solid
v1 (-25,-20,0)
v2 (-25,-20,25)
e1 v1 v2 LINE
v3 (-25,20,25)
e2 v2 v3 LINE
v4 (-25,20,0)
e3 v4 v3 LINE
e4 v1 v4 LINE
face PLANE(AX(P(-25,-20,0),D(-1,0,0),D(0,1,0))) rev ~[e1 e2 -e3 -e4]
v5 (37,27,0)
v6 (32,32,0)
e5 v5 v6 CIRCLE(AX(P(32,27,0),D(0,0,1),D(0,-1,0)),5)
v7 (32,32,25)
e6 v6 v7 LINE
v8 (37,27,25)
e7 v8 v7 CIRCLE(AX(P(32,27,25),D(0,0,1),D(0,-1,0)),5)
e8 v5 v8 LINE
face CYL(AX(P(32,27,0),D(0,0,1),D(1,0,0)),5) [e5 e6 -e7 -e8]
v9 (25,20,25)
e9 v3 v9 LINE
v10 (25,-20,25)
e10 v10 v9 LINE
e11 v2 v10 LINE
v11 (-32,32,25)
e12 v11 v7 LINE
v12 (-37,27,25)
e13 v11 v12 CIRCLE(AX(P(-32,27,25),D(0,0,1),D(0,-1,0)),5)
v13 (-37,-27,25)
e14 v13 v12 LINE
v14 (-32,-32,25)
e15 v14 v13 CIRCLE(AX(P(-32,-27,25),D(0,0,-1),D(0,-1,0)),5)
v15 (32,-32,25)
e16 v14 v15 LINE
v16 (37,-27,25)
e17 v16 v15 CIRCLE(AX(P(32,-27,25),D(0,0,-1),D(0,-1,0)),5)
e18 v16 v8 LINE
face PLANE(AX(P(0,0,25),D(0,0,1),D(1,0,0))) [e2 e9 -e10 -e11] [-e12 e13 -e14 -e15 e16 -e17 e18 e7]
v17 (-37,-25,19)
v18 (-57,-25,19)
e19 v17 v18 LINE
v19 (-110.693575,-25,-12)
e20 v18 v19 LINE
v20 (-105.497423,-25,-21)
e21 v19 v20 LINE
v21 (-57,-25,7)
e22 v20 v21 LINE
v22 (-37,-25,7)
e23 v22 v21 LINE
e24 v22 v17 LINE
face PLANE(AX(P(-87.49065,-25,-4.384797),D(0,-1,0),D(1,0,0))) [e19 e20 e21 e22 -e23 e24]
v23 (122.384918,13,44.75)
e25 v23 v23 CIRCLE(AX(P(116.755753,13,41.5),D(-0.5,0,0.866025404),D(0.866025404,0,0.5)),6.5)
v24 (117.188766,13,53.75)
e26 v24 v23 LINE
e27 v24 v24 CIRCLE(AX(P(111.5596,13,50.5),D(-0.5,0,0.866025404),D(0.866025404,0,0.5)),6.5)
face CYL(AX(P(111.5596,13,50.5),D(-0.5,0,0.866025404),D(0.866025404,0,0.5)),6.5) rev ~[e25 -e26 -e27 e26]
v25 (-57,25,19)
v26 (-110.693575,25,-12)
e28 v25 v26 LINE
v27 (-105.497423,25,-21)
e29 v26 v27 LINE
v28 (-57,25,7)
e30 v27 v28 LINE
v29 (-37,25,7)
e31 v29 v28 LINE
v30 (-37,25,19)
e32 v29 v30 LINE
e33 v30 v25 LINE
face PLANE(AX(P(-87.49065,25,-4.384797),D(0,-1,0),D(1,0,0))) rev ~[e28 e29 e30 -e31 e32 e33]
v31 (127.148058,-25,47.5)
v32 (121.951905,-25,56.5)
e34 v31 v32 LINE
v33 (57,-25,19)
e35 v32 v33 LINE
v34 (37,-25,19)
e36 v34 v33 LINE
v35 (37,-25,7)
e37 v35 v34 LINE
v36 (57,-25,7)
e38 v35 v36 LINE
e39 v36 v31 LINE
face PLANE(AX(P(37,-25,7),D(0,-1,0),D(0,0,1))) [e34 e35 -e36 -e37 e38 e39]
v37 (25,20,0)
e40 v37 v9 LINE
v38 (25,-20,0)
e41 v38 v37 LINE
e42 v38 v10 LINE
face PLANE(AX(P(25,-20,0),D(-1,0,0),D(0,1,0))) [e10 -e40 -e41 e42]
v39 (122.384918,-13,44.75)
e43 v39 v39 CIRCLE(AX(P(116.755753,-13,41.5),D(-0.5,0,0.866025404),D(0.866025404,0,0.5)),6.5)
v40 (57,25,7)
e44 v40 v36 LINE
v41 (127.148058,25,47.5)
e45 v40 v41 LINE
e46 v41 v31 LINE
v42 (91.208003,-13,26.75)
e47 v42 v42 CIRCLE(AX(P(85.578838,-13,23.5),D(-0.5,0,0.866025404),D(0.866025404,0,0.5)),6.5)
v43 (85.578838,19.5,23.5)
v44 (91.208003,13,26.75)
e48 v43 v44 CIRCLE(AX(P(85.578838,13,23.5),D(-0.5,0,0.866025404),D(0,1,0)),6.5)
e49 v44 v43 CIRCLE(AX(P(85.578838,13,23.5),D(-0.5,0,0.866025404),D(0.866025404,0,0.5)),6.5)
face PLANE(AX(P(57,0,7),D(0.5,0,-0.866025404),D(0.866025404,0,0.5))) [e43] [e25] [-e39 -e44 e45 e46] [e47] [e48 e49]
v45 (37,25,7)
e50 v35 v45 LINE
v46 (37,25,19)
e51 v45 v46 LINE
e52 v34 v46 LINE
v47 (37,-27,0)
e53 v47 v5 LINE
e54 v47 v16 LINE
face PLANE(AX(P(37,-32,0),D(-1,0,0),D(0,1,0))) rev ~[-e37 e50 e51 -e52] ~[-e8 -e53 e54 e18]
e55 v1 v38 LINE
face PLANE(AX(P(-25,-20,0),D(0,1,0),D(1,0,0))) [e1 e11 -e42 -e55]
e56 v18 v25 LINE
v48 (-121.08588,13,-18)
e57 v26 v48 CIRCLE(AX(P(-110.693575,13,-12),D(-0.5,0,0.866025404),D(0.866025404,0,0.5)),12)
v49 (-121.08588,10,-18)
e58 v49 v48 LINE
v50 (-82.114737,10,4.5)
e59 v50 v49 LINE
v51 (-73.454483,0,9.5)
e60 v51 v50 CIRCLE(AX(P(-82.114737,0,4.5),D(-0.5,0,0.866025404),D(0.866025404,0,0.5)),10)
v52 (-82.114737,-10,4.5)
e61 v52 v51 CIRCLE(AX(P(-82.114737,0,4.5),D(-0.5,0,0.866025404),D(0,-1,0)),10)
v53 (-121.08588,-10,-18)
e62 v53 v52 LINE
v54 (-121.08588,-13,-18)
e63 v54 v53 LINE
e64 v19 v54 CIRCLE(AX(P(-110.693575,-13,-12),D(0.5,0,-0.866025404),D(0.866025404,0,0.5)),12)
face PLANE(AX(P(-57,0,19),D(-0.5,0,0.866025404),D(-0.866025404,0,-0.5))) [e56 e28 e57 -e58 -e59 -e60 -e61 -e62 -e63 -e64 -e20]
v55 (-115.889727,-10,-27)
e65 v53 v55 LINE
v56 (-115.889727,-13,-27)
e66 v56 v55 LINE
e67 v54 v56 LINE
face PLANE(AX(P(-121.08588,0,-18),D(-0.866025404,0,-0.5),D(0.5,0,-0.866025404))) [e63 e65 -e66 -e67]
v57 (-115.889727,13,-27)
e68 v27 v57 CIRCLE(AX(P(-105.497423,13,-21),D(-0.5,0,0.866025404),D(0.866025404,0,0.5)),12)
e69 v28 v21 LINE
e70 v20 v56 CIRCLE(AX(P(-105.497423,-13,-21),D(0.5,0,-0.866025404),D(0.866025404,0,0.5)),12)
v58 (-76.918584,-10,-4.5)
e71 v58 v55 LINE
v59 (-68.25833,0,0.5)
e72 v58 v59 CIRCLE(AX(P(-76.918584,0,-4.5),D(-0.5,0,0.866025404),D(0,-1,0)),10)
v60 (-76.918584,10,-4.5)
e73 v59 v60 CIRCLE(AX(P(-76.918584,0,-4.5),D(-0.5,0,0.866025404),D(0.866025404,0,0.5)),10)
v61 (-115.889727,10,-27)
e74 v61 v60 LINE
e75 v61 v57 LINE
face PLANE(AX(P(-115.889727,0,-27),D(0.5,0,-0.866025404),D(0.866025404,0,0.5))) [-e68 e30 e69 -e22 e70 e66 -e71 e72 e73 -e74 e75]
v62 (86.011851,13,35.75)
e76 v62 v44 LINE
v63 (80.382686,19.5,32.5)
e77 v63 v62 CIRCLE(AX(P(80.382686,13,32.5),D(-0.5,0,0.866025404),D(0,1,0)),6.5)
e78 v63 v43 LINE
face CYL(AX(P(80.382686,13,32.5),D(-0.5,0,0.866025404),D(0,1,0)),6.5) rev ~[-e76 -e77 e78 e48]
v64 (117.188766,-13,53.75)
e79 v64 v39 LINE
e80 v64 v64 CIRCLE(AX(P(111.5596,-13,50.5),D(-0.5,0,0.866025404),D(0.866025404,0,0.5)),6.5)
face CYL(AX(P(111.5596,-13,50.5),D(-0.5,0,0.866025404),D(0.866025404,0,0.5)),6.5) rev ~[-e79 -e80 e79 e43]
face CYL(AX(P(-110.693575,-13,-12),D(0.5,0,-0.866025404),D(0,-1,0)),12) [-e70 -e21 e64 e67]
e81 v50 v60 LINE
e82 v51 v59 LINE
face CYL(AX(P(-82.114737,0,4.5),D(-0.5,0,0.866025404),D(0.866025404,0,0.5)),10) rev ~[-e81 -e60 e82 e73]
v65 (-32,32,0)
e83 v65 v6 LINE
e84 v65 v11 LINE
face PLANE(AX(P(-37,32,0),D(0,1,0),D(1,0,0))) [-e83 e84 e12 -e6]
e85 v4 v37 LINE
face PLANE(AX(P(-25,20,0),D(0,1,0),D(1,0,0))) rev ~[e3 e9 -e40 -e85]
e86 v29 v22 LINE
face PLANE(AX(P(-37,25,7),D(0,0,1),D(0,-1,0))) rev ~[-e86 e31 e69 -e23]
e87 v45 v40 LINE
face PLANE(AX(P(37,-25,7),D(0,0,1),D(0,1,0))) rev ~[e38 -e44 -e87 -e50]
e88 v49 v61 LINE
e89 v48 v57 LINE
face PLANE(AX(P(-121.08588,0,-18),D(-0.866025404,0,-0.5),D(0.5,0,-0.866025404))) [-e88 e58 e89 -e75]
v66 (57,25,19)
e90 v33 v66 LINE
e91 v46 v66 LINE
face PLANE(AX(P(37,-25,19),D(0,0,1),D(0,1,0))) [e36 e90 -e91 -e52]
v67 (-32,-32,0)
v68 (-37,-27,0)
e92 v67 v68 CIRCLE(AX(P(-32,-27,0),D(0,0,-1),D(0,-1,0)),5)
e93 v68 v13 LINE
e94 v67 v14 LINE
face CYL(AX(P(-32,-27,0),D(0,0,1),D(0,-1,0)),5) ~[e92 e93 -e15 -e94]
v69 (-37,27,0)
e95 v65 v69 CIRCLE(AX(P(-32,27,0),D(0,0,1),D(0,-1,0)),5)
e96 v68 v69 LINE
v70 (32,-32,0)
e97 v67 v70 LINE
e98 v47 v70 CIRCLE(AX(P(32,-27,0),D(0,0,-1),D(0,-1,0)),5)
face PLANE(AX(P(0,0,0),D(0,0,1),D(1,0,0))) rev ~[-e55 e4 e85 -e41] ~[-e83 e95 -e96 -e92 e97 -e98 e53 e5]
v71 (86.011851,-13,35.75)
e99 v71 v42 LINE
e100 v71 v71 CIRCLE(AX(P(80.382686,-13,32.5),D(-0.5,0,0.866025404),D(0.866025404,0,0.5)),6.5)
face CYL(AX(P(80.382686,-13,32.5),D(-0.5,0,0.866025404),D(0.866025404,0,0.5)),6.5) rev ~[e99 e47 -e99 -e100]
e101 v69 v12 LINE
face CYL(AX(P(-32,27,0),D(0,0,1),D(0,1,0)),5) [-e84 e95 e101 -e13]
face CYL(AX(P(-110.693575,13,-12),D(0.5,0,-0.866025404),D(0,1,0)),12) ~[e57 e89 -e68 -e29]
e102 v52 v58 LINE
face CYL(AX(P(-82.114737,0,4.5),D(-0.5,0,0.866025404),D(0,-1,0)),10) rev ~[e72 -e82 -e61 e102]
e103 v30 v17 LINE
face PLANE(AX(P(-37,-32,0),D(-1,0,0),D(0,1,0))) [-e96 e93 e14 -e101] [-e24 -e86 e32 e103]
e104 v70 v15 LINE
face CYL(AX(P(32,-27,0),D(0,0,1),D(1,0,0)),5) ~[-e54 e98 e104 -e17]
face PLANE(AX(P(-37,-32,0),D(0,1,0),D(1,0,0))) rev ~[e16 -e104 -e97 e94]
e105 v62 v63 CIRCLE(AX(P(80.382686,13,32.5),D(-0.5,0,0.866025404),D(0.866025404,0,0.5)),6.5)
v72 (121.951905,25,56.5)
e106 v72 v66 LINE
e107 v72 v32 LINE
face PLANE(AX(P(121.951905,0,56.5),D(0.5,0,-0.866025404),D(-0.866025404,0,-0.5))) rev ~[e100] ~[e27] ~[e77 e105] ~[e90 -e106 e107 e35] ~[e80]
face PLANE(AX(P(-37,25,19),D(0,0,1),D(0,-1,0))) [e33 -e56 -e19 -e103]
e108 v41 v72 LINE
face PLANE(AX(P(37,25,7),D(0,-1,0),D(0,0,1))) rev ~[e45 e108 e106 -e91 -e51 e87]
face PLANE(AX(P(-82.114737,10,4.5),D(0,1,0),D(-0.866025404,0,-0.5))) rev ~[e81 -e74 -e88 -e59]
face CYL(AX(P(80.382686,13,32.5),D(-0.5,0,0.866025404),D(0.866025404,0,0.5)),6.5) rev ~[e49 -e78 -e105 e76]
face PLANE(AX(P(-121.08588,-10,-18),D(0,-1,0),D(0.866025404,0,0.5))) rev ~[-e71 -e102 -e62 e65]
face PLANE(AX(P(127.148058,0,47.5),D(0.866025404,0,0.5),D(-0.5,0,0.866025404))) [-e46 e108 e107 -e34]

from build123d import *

# Parameters (mm, degrees)
F0_W           = 74
F0_H           = 64
F0_W_2         = 50
F0_H_2         = 40
F1_DEPTH       = 25
F2_W           = 50
F2_H           = 12
F3_DEPTH       = 20
F5_DEPTH       = 25
F5_DEPTH_BACK  = 25
F7_DEPTH       = 25
F8_W           = 50
F8_H           = 12
F9_DEPTH       = 20
F10_W          = 20
F10_H          = 12
F11_DEPTH      = 25
F11_DEPTH_BACK = 25
F12_R          = 6.5
F13_DEPTH      = 25
F14_R          = 5
F15_R          = 12


with BuildPart() as f1:
    # F0 (on Top) → F1 (new body)
    with BuildSketch(Plane.XY):
        Rectangle(F0_W, F0_H)
        Rectangle(F0_W_2, F0_H_2, mode=Mode.SUBTRACT)
    extrude(amount=F1_DEPTH)

    # F2 (on face) → F3 (join)
    with BuildSketch(Plane(origin=(-37, 0, 0), x_dir=(0, -1, 0), z_dir=(-1, 0, 0))):
        with Locations((0, 13)):
            Rectangle(F2_W, F2_H)
    extrude(amount=F3_DEPTH)

    # F4 (on Front) → F5 (join, two sides)
    with BuildSketch(Plane.XZ) as f5_sk:
        Polygon((-115.8897274573, -27), (-57, 7), (-57, 19), (-121.08587988, -18), align=None)
    extrude(amount=F5_DEPTH)
    extrude(f5_sk.sketch, amount=-F5_DEPTH_BACK)

    # F6 (on face) → F7 (cut)
    with BuildSketch(Plane(origin=(-22.477241336, 0, 38.9317240079), x_dir=(0.8660254038, 0, 0.5), z_dir=(-0.5, 0, 0.8660254038))):
        with BuildLine():
            ThreePointArc((-68.8634480157, -10), (-61.7923802038, -7.0710678119), (-58.8634480157, 0))
            Line((-58.8634480157, 0), (-78.8634480157, 0))
            ThreePointArc((-78.8634480157, 0), (-75.9345158276, -7.0710678119), (-68.8634480157, -10))
        make_face()
        with BuildLine():
            Line((-78.8634480157, 0), (-58.8634480157, 0))
            ThreePointArc((-58.8634480157, 0), (-61.7923802038, 7.0710678119), (-68.8634480157, 10))
            ThreePointArc((-68.8634480157, 10), (-75.9345158276, 7.0710678119), (-78.8634480157, 0))
        make_face()
        with BuildLine():
            ThreePointArc((-68.8634480157, -10), (-75.9345158276, -7.0710678119), (-78.8634480157, 0))
            Line((-78.8634480157, 0), (-113.8634480157, 0))
            Line((-113.8634480157, 0), (-113.8634480157, -10))
            Line((-113.8634480157, -10), (-68.8634480157, -10))
        make_face()
        with BuildLine():
            Line((-113.8634480157, 0), (-78.8634480157, 0))
            ThreePointArc((-78.8634480157, 0), (-75.9345158276, 7.0710678119), (-68.8634480157, 10))
            Line((-68.8634480157, 10), (-113.8634480157, 10))
            Line((-113.8634480157, 10), (-113.8634480157, 0))
        make_face()
    extrude(amount=-F7_DEPTH, mode=Mode.SUBTRACT)

    # F8 (on face) → F9 (join)
    with BuildSketch(Plane.YZ.offset(37)):
        with Locations((0, 13)):
            Rectangle(F8_W, F8_H)
    extrude(amount=F9_DEPTH)

    # F10 (on Front) → F11 (join, two sides)
    with BuildSketch(Plane.XZ) as f11_sk:
        with Locations((47, 13)):
            Rectangle(F10_W, F10_H)
        Polygon((121.9519052838, 56.5), (57, 19), (57, 7), (127.1480577065, 47.5), align=None)
    extrude(amount=F11_DEPTH)
    extrude(f11_sk.sketch, amount=-F11_DEPTH_BACK)

    # F12 (on face) → F13 (cut)
    with BuildSketch(Plane(origin=(6.022758664, 0, -10.4317240079), x_dir=(0.8660254038, 0, 0.5), z_dir=(-0.5, 0, 0.8660254038))):
        with BuildLine():
            ThreePointArc((92.3634480157, 13), (90.4596420934, 17.5961940777), (85.8634480157, 19.5))
            ThreePointArc((85.8634480157, 19.5), (81.267253938, 8.4038059223), (92.3634480157, 13))
        make_face()
        with Locations((121.8634480157, 13)):
            Circle(F12_R)
        with Locations((121.8634480157, -13)):
            Circle(F12_R)
        with Locations((85.8634480157, -13)):
            Circle(F12_R)
    extrude(amount=-F13_DEPTH, mode=Mode.SUBTRACT)

    # F14
    f14_edges = [f1.edges().sort_by_distance(p)[0] for p in [
        (-37, 32, 12.5),
        (37, 32, 12.5),
        (-37, -32, 12.5),
        (37, -32, 12.5),
    ]]
    fillet(f14_edges, radius=F14_R)

    # F15
    f15_edges = [f1.edges().sort_by_distance(p)[0] for p in [
        (-118.487804, 25, -22.5),
        (-118.487804, -25, -22.5),
    ]]
    fillet(f15_edges, radius=F15_R)


solid = f1.part
